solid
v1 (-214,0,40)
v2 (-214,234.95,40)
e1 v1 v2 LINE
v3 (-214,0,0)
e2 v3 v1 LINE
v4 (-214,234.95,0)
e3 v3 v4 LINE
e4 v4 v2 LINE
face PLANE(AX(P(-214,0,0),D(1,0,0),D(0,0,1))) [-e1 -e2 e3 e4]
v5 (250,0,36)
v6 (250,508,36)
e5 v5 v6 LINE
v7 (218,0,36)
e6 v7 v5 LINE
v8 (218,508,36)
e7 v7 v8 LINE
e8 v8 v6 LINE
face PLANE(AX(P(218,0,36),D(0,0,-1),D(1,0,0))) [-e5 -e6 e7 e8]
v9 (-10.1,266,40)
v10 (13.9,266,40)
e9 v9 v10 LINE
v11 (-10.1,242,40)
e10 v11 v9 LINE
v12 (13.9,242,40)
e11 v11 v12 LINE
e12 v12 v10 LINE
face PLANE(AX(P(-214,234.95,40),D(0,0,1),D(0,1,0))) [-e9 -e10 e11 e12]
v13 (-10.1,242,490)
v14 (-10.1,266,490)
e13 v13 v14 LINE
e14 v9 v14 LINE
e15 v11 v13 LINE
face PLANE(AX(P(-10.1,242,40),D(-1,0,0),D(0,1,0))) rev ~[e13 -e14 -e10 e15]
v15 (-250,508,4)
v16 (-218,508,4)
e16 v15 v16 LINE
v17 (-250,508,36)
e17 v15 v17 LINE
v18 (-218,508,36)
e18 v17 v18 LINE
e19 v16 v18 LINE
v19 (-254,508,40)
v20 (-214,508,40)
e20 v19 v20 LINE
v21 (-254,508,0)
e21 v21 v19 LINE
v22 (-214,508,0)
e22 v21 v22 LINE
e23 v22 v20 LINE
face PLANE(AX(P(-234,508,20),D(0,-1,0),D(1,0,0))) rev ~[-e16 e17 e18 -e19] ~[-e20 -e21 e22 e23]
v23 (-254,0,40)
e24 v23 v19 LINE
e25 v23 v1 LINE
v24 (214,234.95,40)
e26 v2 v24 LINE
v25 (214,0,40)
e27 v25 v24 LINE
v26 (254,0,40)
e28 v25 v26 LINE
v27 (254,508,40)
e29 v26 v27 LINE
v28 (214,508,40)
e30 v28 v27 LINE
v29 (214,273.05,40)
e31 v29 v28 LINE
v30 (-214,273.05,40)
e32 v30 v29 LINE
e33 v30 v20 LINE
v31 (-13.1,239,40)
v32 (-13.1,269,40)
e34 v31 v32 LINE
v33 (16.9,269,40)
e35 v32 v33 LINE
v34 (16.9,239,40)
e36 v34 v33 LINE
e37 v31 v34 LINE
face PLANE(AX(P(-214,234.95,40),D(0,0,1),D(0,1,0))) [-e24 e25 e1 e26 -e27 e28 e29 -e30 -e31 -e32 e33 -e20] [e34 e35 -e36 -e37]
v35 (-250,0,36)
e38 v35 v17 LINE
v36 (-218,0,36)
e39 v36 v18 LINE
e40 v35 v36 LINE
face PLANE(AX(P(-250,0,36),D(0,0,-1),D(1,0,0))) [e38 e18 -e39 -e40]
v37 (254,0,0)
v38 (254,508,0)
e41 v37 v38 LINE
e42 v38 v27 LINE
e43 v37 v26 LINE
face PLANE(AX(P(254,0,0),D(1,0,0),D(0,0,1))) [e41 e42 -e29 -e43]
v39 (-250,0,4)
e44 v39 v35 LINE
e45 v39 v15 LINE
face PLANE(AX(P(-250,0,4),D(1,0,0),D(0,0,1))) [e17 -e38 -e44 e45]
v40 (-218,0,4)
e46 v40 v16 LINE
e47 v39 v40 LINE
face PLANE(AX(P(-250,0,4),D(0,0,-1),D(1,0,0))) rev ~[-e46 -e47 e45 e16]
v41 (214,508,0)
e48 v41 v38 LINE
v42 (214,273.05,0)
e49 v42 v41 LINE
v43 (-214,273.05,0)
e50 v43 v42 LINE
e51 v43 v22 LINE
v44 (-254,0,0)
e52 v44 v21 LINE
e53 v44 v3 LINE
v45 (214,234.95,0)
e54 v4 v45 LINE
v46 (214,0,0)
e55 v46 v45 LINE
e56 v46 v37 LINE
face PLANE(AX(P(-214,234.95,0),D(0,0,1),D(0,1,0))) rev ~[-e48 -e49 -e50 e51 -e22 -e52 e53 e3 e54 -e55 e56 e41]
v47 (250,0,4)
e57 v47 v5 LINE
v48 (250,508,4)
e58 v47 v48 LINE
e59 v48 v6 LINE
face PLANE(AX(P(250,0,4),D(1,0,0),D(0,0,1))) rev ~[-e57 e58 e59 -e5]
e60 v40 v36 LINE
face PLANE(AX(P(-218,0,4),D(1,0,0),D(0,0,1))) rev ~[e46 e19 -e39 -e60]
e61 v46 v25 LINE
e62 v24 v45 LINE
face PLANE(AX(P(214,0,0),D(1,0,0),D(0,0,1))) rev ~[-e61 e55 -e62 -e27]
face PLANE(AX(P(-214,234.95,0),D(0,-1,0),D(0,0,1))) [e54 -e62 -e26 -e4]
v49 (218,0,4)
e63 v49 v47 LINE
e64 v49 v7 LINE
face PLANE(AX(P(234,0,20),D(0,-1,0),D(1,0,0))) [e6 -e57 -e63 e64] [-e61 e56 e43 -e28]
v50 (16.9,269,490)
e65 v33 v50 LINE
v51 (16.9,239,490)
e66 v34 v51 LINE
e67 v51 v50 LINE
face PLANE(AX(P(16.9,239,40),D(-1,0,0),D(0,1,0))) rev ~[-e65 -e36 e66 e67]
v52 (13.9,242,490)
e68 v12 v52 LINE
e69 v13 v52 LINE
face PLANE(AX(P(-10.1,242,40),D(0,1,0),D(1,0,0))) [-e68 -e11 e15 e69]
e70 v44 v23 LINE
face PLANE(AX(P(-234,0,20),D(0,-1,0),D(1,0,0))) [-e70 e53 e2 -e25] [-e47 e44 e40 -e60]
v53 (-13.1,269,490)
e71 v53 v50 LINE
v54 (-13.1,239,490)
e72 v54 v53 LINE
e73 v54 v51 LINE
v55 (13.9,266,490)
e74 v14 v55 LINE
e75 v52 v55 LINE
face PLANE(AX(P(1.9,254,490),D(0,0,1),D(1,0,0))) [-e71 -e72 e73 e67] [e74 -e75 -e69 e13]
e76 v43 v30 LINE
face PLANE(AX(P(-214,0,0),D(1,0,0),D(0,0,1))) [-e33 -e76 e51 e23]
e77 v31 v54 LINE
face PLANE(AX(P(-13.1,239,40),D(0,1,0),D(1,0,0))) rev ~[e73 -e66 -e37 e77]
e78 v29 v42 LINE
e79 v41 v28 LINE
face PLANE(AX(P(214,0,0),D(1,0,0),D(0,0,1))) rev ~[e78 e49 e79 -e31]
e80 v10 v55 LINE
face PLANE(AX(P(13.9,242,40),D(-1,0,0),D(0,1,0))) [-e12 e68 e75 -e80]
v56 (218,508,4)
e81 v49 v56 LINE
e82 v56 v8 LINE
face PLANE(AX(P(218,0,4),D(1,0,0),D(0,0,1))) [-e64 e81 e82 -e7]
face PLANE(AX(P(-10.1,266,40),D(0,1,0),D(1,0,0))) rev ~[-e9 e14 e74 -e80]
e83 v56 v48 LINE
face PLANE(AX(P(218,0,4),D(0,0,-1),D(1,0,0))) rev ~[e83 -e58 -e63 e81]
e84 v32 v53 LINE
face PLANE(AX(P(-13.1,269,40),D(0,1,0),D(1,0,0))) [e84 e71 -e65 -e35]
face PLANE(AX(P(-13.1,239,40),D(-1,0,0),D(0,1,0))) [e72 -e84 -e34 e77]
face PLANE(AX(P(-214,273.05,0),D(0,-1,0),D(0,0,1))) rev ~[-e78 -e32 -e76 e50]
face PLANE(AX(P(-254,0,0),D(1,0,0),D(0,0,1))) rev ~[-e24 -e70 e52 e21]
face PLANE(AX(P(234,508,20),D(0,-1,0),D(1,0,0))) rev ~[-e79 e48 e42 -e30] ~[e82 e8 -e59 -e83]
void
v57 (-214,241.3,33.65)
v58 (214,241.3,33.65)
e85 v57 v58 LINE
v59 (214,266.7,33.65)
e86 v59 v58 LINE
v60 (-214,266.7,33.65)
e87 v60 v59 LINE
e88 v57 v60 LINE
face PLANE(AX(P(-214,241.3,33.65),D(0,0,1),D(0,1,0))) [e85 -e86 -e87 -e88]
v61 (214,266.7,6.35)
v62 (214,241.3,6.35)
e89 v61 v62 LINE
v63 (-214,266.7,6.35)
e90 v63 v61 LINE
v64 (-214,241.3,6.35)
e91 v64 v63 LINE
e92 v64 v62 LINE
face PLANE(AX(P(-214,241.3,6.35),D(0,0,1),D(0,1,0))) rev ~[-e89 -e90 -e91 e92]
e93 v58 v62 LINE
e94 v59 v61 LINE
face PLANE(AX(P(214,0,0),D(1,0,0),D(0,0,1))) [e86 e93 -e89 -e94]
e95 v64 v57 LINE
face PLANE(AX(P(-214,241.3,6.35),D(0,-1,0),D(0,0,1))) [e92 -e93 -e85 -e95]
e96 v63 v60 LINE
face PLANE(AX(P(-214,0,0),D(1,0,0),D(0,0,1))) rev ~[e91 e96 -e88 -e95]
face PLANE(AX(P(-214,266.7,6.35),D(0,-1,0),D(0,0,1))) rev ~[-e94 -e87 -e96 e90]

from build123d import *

# Parameters (mm, degrees)
F0_W     = 40
F0_H     = 40
F0_W_2   = 32
F0_H_2   = 32
F1_DEPTH = 508
F2_W     = 38.1
F2_H     = 40
F2_W_2   = 25.4
F2_H_2   = 27.3
F3_DEPTH = 431.8
F4_W     = 30
F4_H     = 30
F4_W_2   = 24
F4_H_2   = 24
F5_DEPTH = 450


with BuildPart() as f1:
    # F0 (on Front) → F1 (new body)
    with BuildSketch(Plane.XZ):
        with Locations((-234, 20)):
            Rectangle(F0_W, F0_H)
        with Locations((-234, 20)):
            Rectangle(F0_W_2, F0_H_2, mode=Mode.SUBTRACT)
    extrude(amount=-F1_DEPTH)



with BuildPart() as f1b:
    # F0 (on Front) → F1, piece 2 (new body)
    with BuildSketch(Plane.XZ):
        with Locations((234, 20)):
            Rectangle(F0_W, F0_H)
        with Locations((234, 20)):
            Rectangle(F0_W_2, F0_H_2, mode=Mode.SUBTRACT)
    extrude(amount=-F1_DEPTH)


with BuildPart() as f1_1:
    add(f1.part)

    add(f1b.part)  # F3 merges F1b
    # F2 (on face) → F3 (join)
    with BuildSketch(Plane.YZ.offset(-214)):
        with Locations((254, 20)):
            Rectangle(F2_W, F2_H)
        with Locations((254, 20)):
            Rectangle(F2_W_2, F2_H_2, mode=Mode.SUBTRACT)
    extrude(amount=F3_DEPTH)

    # F4 (on face) → F5 (join)
    with BuildSketch(Plane.XY.offset(40)):
        with Locations((1.9, 254)):
            Rectangle(F4_W, F4_H)
        with Locations((1.9, 254)):
            Rectangle(F4_W_2, F4_H_2, mode=Mode.SUBTRACT)
    extrude(amount=F5_DEPTH)


solid = f1_1.part
